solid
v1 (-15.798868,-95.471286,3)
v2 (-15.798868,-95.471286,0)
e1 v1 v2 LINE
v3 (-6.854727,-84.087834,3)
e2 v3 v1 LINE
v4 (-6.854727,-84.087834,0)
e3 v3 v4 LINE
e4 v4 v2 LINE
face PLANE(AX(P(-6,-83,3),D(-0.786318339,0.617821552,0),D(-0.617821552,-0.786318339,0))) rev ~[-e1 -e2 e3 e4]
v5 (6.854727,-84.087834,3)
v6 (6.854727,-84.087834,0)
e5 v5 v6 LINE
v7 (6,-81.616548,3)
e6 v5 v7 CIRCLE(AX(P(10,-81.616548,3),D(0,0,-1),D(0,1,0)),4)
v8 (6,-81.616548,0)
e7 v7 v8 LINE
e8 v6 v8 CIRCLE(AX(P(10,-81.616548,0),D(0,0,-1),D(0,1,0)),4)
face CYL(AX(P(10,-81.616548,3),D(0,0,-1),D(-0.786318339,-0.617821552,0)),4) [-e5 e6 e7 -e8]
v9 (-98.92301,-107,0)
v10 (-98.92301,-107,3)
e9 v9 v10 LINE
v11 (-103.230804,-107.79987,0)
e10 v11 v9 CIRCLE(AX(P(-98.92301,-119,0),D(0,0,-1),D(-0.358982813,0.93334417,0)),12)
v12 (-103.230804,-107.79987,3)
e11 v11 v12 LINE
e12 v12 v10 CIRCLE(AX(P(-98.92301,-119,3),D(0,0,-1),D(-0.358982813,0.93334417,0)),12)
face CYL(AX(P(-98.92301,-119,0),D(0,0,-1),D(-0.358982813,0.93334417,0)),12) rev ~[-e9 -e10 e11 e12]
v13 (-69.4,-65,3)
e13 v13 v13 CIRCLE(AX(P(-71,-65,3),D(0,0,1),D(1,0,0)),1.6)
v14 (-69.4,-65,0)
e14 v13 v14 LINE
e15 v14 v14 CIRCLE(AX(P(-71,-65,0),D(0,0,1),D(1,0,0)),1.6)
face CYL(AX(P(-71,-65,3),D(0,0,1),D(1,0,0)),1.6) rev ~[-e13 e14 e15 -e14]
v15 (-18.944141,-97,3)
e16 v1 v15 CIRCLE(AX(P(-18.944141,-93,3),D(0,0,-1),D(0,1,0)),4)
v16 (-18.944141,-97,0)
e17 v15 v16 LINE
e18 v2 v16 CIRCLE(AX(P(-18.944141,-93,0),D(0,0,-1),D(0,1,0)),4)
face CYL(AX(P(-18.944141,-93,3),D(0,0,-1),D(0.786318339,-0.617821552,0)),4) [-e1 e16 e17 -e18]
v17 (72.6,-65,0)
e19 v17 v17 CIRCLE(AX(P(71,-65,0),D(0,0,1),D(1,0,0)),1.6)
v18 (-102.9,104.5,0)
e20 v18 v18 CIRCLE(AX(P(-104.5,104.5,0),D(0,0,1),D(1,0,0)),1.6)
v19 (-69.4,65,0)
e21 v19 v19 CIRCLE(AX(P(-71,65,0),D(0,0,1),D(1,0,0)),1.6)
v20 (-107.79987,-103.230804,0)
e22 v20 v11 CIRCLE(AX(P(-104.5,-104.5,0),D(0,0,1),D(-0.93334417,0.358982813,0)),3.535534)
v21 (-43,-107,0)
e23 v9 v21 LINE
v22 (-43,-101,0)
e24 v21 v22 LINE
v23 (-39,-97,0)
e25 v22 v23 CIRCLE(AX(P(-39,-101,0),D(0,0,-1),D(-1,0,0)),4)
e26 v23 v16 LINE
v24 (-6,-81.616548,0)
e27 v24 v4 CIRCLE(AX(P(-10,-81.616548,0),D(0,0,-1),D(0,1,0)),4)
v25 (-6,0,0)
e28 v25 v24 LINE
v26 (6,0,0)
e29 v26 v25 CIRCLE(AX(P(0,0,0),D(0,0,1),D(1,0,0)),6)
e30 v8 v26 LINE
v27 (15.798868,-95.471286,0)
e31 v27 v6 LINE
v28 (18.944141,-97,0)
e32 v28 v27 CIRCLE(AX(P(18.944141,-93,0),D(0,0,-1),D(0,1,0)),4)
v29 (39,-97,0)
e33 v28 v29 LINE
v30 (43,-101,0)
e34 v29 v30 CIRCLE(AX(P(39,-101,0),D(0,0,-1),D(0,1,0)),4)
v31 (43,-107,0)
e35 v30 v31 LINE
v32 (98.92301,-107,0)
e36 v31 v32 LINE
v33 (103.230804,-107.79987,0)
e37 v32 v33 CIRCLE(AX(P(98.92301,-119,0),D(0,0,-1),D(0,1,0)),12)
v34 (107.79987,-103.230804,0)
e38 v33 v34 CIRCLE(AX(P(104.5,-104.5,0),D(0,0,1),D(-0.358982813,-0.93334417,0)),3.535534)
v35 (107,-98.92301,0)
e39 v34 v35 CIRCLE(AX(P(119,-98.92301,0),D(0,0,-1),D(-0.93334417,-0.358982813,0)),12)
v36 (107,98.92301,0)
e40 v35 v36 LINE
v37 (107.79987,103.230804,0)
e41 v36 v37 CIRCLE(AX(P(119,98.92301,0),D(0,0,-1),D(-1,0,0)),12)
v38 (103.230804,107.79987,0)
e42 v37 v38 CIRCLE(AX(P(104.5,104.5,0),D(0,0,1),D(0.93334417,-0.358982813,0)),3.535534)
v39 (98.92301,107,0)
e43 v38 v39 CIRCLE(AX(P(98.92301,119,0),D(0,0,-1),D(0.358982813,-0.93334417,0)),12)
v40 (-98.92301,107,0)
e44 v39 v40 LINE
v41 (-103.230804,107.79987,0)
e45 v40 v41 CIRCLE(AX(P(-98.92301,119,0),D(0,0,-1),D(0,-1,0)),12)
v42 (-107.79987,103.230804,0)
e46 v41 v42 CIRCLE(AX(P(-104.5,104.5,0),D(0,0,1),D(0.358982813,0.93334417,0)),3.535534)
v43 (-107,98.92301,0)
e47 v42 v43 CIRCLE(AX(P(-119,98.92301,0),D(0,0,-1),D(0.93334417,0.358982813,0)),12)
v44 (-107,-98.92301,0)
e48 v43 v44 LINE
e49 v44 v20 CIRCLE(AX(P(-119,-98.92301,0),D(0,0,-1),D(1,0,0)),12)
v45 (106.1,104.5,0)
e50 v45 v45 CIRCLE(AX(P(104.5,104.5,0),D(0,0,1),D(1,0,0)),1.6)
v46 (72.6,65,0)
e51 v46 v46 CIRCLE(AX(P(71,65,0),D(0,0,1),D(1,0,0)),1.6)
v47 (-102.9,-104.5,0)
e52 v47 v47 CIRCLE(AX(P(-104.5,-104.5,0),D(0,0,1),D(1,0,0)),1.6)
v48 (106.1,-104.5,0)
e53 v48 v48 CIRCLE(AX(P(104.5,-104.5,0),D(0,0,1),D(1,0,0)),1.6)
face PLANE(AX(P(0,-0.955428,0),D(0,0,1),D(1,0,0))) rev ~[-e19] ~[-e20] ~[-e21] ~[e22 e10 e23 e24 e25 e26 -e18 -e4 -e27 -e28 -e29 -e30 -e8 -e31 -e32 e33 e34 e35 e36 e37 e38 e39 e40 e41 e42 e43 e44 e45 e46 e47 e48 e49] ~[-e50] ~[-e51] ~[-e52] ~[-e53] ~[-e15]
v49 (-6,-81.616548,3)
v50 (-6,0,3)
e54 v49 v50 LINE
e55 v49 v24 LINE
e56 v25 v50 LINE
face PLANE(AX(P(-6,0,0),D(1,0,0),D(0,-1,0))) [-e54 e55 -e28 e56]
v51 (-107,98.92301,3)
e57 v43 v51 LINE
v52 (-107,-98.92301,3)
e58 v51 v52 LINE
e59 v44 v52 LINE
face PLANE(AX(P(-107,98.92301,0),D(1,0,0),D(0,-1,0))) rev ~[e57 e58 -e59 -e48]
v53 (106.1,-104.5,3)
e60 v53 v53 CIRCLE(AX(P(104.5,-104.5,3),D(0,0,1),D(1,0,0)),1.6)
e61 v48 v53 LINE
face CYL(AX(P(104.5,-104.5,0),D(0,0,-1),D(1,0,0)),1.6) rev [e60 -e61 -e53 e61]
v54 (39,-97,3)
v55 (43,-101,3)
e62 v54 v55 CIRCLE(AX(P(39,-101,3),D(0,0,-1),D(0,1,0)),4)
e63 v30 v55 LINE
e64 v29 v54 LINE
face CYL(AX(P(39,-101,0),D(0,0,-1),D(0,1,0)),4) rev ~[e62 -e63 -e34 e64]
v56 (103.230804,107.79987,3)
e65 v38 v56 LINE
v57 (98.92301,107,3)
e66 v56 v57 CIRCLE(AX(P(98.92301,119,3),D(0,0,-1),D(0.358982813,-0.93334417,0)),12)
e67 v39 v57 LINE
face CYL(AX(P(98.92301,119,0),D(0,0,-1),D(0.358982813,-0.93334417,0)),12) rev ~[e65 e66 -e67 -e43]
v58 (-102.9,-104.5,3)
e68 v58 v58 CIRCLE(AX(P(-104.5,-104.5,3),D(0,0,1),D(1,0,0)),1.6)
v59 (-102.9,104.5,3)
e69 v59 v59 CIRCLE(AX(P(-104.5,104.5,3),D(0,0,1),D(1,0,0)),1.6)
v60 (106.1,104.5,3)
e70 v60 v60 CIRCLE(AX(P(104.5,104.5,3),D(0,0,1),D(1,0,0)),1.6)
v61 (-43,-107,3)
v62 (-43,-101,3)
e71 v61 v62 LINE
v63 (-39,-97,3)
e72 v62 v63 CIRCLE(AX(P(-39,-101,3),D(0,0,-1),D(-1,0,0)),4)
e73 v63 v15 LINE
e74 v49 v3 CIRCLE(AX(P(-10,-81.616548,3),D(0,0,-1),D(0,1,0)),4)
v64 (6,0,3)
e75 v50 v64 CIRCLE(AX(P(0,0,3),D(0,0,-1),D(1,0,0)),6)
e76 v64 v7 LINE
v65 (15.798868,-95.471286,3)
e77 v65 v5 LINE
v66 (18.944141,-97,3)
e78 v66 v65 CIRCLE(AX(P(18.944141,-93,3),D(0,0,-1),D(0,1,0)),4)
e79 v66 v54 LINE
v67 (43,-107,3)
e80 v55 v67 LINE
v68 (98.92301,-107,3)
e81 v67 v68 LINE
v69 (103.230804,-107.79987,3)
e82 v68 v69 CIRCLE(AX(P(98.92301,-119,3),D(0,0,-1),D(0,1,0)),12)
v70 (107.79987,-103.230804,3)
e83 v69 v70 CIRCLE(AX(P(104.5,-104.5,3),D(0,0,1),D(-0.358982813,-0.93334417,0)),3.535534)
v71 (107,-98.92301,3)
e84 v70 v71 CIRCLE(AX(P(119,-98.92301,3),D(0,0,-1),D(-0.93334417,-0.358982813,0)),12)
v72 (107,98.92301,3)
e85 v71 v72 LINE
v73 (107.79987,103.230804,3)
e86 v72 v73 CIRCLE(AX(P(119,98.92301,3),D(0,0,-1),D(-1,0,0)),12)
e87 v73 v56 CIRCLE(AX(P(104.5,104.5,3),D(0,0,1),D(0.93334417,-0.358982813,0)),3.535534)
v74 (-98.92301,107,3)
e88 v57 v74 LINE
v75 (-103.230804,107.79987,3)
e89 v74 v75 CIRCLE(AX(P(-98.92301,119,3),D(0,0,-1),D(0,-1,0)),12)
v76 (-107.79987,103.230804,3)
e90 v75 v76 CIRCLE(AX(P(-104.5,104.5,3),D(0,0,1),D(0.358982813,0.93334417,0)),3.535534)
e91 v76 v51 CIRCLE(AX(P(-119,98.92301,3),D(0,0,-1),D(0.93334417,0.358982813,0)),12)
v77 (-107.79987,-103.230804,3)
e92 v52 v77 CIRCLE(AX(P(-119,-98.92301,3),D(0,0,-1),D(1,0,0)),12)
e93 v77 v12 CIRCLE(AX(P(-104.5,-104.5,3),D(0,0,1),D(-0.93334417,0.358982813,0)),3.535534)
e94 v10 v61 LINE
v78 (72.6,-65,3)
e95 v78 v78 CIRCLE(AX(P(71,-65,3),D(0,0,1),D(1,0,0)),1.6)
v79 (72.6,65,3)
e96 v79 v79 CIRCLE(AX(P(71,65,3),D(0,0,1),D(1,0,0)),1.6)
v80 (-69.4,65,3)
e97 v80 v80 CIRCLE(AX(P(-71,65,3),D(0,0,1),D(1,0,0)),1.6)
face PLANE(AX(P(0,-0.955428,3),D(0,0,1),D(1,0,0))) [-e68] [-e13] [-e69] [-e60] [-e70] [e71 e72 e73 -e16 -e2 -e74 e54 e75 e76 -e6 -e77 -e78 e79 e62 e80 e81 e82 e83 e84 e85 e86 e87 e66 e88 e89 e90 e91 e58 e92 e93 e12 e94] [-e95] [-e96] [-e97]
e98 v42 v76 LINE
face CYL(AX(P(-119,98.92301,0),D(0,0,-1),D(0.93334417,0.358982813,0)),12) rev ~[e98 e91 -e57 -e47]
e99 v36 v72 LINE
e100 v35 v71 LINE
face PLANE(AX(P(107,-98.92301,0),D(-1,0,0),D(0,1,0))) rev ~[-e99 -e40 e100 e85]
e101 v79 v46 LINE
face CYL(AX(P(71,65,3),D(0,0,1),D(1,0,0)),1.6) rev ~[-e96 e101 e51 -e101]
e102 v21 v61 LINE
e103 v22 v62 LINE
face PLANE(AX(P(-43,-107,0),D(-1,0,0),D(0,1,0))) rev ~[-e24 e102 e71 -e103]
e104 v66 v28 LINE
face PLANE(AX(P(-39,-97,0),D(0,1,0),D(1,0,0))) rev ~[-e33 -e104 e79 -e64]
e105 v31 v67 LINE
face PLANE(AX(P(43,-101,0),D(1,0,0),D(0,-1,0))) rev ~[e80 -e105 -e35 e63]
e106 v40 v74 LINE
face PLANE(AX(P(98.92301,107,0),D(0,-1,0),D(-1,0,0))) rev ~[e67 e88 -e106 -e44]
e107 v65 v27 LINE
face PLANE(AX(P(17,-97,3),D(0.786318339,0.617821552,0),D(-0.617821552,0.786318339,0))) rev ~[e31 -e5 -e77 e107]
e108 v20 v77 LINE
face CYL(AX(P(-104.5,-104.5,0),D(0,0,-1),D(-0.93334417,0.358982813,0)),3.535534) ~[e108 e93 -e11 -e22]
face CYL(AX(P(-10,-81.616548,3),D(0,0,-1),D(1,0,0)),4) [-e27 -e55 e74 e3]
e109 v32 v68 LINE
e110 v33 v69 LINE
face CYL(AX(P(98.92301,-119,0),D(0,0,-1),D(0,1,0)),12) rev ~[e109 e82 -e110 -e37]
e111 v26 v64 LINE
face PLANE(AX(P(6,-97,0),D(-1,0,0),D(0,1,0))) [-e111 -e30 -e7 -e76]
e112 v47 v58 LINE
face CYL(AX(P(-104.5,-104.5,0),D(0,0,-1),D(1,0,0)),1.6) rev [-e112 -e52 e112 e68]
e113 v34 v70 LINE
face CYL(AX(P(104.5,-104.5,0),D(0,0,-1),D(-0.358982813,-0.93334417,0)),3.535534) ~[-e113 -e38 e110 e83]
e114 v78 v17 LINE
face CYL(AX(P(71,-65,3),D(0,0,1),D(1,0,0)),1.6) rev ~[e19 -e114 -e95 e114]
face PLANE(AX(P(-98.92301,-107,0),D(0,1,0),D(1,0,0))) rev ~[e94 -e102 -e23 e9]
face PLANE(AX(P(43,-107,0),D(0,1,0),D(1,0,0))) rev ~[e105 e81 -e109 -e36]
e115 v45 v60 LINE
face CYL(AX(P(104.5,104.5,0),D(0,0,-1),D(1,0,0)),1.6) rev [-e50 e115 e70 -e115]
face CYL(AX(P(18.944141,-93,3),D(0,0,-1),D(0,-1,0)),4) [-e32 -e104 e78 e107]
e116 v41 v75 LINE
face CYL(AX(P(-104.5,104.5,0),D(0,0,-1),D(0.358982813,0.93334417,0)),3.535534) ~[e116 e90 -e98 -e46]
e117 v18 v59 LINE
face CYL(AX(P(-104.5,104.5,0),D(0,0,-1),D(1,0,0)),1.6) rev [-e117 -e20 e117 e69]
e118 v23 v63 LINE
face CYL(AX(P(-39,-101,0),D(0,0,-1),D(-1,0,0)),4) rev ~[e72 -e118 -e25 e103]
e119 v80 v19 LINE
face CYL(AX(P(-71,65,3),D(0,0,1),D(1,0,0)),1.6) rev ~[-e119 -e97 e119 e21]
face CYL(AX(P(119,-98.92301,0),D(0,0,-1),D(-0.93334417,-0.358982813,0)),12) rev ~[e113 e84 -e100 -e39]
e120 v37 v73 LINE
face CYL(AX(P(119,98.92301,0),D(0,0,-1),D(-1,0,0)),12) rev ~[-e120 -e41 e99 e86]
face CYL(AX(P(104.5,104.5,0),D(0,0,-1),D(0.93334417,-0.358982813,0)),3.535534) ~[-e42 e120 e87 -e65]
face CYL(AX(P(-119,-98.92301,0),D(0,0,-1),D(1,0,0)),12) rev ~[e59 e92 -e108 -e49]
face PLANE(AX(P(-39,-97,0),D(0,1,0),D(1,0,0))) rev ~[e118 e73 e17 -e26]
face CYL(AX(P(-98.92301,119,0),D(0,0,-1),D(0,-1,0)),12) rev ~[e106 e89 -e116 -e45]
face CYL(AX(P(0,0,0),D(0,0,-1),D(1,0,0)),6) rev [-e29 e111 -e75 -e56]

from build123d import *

# Parameters (mm, degrees)
SKETCH1_R           = 1.6
BOSS_EXTRUDE1_DEPTH = 3
CUT_EXTRUDE1_DEPTH  = 4
CUT_EXTRUDE3_DEPTH  = 4
FILLET1_R           = 4
SKETCH3_R           = 1.6
CUT_EXTRUDE2_DEPTH  = 4


with BuildPart() as part:
    # Sketch1 → Boss-Extrude1 (new body)
    with BuildSketch(Plane.XY):
        with BuildLine():
            Line((-107, 98.923010333), (-107, -98.923010333))
            ThreePointArc((-107, -98.923010333), (-107.201661971, -101.11372249), (-107.799869959, -103.230804092))
            ThreePointArc((-107.799869959, -103.230804092), (-107, -107), (-103.230804092, -107.799869959))
            ThreePointArc((-103.230804092, -107.799869959), (-101.11372249, -107.201661971), (-98.923010333, -107))
            Line((-98.923010333, -107), (-43, -107))
            Line((-43, -107), (-43, -101))
            ThreePointArc((-43, -101), (-41.828427125, -98.171572875), (-39, -97))
            Line((-39, -97), (39, -97))
            ThreePointArc((39, -97), (41.828427125, -98.171572875), (43, -101))
            Line((43, -101), (43, -107))
            Line((43, -107), (98.923010333, -107))
            ThreePointArc((98.923010333, -107), (101.11372249, -107.201661971), (103.230804092, -107.799869959))
            ThreePointArc((103.230804092, -107.799869959), (107, -107), (107.799869959, -103.230804092))
            ThreePointArc((107.799869959, -103.230804092), (107.201661971, -101.11372249), (107, -98.923010333))
            Line((107, -98.923010333), (107, 98.923010333))
            ThreePointArc((107, 98.923010333), (107.201661971, 101.11372249), (107.799869959, 103.230804092))
            ThreePointArc((107.799869959, 103.230804092), (107, 107), (103.230804092, 107.799869959))
            ThreePointArc((103.230804092, 107.799869959), (101.11372249, 107.201661971), (98.923010333, 107))
            Line((98.923010333, 107), (-98.923010333, 107))
            ThreePointArc((-98.923010333, 107), (-101.11372249, 107.201661971), (-103.230804092, 107.799869959))
            ThreePointArc((-103.230804092, 107.799869959), (-107, 107), (-107.799869959, 103.230804092))
            ThreePointArc((-107.799869959, 103.230804092), (-107.201661971, 101.11372249), (-107, 98.923010333))
        make_face()
        with Locations((-104.5, -104.5)):
            Circle(SKETCH1_R, mode=Mode.SUBTRACT)
        with Locations((-104.5, 104.5)):
            Circle(SKETCH1_R, mode=Mode.SUBTRACT)
        with Locations((104.5, 104.5)):
            Circle(SKETCH1_R, mode=Mode.SUBTRACT)
        with Locations((104.5, -104.5)):
            Circle(SKETCH1_R, mode=Mode.SUBTRACT)
    extrude(amount=BOSS_EXTRUDE1_DEPTH)

    # Sketch2 → Cut-Extrude1 (cut, through all)
    with BuildSketch(Plane(origin=(0, 0, 0), x_dir=(-1, 0, 0), z_dir=(0, 0, -1))):
        with BuildLine():
            Line((6, -97), (-6, -97))
            Line((-6, -97), (-6, 0))
            ThreePointArc((-6, 0), (0, 6), (6, 0))
            Line((6, 0), (6, -97))
        make_face()
    extrude(amount=-CUT_EXTRUDE1_DEPTH, mode=Mode.SUBTRACT)

    # Sketch4 → Cut-Extrude3 (cut, through all)
    with BuildSketch(Plane.XY.offset(3)):
        Polygon((-17, -97), (17, -97), (6, -83), (-6, -83), align=None)
    extrude(amount=-CUT_EXTRUDE3_DEPTH, mode=Mode.SUBTRACT)

    # Fillet1
    fillet1_edges = [part.edges().sort_by_distance(p)[0] for p in [
        (-17, -97, 1.5),
        (-6, -83, 1.5),
        (6, -83, 1.5),
        (17, -97, 1.5),
    ]]
    fillet(fillet1_edges, radius=FILLET1_R)

    # Sketch3 → Cut-Extrude2 (cut, through all)
    with BuildSketch(Plane.XY.offset(3)):
        with Locations((-71, 65)):
            Circle(SKETCH3_R)
        with Locations((71, 65)):
            Circle(SKETCH3_R)
        with Locations((71, -65)):
            Circle(SKETCH3_R)
        with Locations((-71, -65)):
            Circle(SKETCH3_R)
    extrude(amount=-CUT_EXTRUDE2_DEPTH, mode=Mode.SUBTRACT)


solid = part.part
